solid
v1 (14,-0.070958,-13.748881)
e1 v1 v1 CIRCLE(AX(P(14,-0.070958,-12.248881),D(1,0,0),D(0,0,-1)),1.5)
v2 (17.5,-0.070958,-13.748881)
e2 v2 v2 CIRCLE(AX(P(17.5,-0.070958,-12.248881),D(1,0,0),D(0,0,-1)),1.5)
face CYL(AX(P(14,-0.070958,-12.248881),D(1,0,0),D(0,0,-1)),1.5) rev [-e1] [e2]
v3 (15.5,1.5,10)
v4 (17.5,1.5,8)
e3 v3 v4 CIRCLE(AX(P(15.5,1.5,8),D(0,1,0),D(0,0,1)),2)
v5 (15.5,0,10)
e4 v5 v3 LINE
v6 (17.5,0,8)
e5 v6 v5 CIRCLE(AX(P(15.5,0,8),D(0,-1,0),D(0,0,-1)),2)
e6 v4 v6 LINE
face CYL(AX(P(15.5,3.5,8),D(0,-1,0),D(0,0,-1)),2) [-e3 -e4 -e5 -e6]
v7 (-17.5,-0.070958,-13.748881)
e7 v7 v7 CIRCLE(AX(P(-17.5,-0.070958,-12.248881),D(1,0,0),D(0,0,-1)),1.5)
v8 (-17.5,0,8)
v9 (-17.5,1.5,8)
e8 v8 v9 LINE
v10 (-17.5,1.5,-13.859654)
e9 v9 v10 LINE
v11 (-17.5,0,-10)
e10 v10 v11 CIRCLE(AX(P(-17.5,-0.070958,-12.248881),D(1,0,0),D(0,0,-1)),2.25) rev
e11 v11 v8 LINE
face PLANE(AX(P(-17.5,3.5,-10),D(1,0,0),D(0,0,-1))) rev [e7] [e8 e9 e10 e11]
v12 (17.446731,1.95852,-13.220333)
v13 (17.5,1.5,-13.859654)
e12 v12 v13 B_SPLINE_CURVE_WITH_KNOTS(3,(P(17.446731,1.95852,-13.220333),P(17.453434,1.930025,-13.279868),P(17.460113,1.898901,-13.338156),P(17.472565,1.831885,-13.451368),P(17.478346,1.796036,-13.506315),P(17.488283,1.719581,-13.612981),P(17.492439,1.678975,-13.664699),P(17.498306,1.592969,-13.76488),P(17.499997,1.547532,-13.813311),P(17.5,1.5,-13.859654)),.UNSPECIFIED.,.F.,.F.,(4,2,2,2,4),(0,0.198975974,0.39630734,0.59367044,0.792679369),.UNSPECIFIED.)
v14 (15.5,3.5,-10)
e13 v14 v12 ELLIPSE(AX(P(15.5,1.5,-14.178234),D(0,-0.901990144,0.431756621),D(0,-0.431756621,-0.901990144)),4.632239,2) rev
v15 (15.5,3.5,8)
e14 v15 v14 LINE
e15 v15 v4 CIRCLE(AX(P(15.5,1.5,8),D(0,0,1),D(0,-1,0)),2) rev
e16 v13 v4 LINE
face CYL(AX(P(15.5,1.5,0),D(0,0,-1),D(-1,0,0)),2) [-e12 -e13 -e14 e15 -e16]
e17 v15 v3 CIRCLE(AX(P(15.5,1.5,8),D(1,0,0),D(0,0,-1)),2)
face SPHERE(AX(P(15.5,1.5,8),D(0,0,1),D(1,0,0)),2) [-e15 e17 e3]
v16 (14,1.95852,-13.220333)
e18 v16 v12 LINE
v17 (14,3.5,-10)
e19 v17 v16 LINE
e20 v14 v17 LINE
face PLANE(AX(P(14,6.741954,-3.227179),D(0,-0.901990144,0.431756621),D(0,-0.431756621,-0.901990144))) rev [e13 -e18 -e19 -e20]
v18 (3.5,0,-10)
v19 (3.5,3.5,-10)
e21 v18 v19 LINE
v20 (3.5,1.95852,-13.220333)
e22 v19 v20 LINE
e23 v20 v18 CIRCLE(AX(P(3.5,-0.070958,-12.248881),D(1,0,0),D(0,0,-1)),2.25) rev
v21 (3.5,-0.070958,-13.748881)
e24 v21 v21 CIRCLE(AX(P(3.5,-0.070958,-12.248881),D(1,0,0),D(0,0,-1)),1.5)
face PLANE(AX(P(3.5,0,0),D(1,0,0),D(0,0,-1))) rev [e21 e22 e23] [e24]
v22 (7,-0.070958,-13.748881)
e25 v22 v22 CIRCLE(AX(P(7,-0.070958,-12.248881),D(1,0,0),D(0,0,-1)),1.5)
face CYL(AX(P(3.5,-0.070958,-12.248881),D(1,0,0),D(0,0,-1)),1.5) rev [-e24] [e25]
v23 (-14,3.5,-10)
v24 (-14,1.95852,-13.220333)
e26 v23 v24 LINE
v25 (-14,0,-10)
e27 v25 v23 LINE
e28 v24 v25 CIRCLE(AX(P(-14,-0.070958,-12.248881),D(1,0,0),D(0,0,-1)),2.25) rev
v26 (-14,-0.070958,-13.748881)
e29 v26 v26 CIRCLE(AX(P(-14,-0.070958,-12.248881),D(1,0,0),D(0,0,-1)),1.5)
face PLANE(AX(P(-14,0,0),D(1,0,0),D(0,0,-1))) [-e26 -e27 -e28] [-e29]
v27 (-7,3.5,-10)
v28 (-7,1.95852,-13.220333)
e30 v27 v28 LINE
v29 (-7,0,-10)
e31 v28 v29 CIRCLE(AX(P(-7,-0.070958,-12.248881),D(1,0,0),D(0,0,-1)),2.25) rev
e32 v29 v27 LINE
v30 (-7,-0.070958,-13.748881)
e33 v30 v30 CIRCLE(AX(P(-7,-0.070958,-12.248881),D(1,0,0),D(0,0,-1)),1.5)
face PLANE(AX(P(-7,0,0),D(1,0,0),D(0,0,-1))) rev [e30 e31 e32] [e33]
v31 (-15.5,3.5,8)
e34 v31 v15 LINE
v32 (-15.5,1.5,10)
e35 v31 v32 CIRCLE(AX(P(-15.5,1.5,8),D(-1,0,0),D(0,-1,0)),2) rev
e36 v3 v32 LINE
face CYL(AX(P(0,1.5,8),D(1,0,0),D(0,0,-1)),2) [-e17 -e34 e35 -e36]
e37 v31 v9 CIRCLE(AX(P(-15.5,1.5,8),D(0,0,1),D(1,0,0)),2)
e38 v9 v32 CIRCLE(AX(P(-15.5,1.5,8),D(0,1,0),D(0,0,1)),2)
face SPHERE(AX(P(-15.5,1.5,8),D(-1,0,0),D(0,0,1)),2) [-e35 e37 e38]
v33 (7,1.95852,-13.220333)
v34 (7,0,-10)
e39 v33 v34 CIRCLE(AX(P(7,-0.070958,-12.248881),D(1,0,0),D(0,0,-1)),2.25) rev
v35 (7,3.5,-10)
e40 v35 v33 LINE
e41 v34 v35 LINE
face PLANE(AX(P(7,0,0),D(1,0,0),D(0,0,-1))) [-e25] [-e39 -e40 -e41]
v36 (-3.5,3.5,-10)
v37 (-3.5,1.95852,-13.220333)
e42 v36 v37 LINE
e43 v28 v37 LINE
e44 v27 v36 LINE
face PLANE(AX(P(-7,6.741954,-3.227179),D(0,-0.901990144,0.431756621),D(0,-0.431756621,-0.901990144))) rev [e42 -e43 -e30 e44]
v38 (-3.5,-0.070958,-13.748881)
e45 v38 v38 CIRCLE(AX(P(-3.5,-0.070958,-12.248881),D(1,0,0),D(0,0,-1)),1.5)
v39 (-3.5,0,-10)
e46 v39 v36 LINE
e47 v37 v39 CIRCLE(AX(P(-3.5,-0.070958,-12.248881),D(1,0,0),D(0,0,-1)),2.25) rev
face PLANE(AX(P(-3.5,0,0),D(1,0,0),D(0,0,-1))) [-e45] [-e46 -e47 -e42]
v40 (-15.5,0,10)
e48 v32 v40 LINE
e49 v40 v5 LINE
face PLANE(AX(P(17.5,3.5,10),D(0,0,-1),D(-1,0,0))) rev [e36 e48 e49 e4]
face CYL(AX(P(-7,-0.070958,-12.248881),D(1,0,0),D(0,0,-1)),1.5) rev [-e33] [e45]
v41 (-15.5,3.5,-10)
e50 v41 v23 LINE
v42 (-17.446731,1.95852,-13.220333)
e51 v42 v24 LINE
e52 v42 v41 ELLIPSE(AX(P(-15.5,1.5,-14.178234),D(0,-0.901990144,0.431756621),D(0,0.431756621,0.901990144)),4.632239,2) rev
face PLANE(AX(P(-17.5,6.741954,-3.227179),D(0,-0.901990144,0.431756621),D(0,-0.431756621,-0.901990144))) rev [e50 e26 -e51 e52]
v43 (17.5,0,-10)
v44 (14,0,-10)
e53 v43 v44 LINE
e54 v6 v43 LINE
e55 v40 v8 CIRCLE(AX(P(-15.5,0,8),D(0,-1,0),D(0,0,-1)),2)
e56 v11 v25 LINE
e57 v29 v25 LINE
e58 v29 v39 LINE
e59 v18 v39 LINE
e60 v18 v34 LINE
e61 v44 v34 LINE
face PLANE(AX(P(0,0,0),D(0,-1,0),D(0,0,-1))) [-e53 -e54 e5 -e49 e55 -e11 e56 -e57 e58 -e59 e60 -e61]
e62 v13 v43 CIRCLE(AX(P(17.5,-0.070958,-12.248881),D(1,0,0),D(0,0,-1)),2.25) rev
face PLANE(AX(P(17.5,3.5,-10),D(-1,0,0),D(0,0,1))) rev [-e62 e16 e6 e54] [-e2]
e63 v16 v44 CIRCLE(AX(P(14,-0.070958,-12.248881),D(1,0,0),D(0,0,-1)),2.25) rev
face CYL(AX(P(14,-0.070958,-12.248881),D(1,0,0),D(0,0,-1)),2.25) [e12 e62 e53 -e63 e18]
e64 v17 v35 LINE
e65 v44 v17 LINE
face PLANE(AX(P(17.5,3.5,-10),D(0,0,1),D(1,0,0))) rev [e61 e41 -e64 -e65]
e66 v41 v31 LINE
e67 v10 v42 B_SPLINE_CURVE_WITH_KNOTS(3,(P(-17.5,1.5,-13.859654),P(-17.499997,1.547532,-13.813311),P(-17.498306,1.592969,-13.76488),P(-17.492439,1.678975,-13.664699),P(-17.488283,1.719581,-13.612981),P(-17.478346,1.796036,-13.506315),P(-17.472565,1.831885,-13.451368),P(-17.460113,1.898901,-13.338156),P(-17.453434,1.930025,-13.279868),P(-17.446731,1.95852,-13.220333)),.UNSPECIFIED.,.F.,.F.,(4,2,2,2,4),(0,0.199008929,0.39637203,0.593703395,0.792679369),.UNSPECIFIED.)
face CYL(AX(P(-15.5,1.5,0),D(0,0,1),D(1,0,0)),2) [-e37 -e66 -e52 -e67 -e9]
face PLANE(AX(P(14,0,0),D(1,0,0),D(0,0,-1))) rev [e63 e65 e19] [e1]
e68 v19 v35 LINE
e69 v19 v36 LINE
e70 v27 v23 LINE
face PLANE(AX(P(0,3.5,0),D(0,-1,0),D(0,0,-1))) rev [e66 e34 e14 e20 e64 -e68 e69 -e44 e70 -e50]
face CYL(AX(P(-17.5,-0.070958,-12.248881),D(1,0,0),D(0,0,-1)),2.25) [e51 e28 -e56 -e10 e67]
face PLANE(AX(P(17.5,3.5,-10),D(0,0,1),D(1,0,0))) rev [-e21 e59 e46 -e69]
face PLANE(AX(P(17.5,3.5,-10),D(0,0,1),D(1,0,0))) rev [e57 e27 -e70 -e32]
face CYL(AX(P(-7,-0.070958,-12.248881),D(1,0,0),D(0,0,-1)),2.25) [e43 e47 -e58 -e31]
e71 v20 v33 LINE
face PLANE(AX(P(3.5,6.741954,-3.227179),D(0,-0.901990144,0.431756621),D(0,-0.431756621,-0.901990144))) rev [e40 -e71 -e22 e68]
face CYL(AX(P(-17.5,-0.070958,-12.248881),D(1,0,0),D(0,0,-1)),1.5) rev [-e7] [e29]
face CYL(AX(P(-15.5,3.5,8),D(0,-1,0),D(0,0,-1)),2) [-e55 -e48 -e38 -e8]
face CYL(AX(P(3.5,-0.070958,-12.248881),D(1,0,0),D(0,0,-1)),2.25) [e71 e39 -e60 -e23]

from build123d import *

# Parameters (mm, degrees)
SKETCH1_W           = 35
SKETCH1_H           = 20
BOSS_EXTRUDE1_DEPTH = 3.5
SKETCH3_R           = 1.5
BOSS_EXTRUDE2_DEPTH = 3.5
LPATTERN1_COUNT     = 4
LPATTERN1_PITCH     = 10.5
FILLET1_R           = 2


with BuildPart() as part:
    # Sketch1 → Boss-Extrude1 (new body)
    with BuildSketch(Plane(origin=(0, 0, 0), x_dir=(1, 0, 0), z_dir=(0, 1, 0))):
        Rectangle(SKETCH1_W, SKETCH1_H)
    extrude(amount=BOSS_EXTRUDE1_DEPTH)

    # Sketch3 → Boss-Extrude2 (add)
    with BuildSketch(Plane(origin=(17.5, 0, 0), x_dir=(0, 0, -1), z_dir=(1, 0, 0))):
        with BuildLine():
            ThreePointArc((13.220333212, 1.958519537), (13.418028169, -1.993351189), (10, 0))
            Line((10, 0), (10, 3.5))
            Line((10, 3.5), (13.220333212, 1.958519537))
        make_face()
        with Locations((12.248880815, -0.070958288)):
            Circle(SKETCH3_R, mode=Mode.SUBTRACT)
    boss_extrude2 = extrude(amount=-BOSS_EXTRUDE2_DEPTH)

    # LPattern1: Boss-Extrude2 ×4
    with Locations(*[(-i * LPATTERN1_PITCH, 0, 0) for i in range(1, LPATTERN1_COUNT)]):
        add(boss_extrude2)

    # Fillet1
    fillet1_edges = [part.edges().sort_by_distance(p)[0] for p in [
        (17.5, 3.5, 0),
        (0, 3.5, 10),
        (-17.5, 3.5, 0),
        (-17.5, 1.75, 10),
        (17.5, 1.75, 10),
    ]]
    fillet(fillet1_edges, radius=FILLET1_R)


solid = part.part
